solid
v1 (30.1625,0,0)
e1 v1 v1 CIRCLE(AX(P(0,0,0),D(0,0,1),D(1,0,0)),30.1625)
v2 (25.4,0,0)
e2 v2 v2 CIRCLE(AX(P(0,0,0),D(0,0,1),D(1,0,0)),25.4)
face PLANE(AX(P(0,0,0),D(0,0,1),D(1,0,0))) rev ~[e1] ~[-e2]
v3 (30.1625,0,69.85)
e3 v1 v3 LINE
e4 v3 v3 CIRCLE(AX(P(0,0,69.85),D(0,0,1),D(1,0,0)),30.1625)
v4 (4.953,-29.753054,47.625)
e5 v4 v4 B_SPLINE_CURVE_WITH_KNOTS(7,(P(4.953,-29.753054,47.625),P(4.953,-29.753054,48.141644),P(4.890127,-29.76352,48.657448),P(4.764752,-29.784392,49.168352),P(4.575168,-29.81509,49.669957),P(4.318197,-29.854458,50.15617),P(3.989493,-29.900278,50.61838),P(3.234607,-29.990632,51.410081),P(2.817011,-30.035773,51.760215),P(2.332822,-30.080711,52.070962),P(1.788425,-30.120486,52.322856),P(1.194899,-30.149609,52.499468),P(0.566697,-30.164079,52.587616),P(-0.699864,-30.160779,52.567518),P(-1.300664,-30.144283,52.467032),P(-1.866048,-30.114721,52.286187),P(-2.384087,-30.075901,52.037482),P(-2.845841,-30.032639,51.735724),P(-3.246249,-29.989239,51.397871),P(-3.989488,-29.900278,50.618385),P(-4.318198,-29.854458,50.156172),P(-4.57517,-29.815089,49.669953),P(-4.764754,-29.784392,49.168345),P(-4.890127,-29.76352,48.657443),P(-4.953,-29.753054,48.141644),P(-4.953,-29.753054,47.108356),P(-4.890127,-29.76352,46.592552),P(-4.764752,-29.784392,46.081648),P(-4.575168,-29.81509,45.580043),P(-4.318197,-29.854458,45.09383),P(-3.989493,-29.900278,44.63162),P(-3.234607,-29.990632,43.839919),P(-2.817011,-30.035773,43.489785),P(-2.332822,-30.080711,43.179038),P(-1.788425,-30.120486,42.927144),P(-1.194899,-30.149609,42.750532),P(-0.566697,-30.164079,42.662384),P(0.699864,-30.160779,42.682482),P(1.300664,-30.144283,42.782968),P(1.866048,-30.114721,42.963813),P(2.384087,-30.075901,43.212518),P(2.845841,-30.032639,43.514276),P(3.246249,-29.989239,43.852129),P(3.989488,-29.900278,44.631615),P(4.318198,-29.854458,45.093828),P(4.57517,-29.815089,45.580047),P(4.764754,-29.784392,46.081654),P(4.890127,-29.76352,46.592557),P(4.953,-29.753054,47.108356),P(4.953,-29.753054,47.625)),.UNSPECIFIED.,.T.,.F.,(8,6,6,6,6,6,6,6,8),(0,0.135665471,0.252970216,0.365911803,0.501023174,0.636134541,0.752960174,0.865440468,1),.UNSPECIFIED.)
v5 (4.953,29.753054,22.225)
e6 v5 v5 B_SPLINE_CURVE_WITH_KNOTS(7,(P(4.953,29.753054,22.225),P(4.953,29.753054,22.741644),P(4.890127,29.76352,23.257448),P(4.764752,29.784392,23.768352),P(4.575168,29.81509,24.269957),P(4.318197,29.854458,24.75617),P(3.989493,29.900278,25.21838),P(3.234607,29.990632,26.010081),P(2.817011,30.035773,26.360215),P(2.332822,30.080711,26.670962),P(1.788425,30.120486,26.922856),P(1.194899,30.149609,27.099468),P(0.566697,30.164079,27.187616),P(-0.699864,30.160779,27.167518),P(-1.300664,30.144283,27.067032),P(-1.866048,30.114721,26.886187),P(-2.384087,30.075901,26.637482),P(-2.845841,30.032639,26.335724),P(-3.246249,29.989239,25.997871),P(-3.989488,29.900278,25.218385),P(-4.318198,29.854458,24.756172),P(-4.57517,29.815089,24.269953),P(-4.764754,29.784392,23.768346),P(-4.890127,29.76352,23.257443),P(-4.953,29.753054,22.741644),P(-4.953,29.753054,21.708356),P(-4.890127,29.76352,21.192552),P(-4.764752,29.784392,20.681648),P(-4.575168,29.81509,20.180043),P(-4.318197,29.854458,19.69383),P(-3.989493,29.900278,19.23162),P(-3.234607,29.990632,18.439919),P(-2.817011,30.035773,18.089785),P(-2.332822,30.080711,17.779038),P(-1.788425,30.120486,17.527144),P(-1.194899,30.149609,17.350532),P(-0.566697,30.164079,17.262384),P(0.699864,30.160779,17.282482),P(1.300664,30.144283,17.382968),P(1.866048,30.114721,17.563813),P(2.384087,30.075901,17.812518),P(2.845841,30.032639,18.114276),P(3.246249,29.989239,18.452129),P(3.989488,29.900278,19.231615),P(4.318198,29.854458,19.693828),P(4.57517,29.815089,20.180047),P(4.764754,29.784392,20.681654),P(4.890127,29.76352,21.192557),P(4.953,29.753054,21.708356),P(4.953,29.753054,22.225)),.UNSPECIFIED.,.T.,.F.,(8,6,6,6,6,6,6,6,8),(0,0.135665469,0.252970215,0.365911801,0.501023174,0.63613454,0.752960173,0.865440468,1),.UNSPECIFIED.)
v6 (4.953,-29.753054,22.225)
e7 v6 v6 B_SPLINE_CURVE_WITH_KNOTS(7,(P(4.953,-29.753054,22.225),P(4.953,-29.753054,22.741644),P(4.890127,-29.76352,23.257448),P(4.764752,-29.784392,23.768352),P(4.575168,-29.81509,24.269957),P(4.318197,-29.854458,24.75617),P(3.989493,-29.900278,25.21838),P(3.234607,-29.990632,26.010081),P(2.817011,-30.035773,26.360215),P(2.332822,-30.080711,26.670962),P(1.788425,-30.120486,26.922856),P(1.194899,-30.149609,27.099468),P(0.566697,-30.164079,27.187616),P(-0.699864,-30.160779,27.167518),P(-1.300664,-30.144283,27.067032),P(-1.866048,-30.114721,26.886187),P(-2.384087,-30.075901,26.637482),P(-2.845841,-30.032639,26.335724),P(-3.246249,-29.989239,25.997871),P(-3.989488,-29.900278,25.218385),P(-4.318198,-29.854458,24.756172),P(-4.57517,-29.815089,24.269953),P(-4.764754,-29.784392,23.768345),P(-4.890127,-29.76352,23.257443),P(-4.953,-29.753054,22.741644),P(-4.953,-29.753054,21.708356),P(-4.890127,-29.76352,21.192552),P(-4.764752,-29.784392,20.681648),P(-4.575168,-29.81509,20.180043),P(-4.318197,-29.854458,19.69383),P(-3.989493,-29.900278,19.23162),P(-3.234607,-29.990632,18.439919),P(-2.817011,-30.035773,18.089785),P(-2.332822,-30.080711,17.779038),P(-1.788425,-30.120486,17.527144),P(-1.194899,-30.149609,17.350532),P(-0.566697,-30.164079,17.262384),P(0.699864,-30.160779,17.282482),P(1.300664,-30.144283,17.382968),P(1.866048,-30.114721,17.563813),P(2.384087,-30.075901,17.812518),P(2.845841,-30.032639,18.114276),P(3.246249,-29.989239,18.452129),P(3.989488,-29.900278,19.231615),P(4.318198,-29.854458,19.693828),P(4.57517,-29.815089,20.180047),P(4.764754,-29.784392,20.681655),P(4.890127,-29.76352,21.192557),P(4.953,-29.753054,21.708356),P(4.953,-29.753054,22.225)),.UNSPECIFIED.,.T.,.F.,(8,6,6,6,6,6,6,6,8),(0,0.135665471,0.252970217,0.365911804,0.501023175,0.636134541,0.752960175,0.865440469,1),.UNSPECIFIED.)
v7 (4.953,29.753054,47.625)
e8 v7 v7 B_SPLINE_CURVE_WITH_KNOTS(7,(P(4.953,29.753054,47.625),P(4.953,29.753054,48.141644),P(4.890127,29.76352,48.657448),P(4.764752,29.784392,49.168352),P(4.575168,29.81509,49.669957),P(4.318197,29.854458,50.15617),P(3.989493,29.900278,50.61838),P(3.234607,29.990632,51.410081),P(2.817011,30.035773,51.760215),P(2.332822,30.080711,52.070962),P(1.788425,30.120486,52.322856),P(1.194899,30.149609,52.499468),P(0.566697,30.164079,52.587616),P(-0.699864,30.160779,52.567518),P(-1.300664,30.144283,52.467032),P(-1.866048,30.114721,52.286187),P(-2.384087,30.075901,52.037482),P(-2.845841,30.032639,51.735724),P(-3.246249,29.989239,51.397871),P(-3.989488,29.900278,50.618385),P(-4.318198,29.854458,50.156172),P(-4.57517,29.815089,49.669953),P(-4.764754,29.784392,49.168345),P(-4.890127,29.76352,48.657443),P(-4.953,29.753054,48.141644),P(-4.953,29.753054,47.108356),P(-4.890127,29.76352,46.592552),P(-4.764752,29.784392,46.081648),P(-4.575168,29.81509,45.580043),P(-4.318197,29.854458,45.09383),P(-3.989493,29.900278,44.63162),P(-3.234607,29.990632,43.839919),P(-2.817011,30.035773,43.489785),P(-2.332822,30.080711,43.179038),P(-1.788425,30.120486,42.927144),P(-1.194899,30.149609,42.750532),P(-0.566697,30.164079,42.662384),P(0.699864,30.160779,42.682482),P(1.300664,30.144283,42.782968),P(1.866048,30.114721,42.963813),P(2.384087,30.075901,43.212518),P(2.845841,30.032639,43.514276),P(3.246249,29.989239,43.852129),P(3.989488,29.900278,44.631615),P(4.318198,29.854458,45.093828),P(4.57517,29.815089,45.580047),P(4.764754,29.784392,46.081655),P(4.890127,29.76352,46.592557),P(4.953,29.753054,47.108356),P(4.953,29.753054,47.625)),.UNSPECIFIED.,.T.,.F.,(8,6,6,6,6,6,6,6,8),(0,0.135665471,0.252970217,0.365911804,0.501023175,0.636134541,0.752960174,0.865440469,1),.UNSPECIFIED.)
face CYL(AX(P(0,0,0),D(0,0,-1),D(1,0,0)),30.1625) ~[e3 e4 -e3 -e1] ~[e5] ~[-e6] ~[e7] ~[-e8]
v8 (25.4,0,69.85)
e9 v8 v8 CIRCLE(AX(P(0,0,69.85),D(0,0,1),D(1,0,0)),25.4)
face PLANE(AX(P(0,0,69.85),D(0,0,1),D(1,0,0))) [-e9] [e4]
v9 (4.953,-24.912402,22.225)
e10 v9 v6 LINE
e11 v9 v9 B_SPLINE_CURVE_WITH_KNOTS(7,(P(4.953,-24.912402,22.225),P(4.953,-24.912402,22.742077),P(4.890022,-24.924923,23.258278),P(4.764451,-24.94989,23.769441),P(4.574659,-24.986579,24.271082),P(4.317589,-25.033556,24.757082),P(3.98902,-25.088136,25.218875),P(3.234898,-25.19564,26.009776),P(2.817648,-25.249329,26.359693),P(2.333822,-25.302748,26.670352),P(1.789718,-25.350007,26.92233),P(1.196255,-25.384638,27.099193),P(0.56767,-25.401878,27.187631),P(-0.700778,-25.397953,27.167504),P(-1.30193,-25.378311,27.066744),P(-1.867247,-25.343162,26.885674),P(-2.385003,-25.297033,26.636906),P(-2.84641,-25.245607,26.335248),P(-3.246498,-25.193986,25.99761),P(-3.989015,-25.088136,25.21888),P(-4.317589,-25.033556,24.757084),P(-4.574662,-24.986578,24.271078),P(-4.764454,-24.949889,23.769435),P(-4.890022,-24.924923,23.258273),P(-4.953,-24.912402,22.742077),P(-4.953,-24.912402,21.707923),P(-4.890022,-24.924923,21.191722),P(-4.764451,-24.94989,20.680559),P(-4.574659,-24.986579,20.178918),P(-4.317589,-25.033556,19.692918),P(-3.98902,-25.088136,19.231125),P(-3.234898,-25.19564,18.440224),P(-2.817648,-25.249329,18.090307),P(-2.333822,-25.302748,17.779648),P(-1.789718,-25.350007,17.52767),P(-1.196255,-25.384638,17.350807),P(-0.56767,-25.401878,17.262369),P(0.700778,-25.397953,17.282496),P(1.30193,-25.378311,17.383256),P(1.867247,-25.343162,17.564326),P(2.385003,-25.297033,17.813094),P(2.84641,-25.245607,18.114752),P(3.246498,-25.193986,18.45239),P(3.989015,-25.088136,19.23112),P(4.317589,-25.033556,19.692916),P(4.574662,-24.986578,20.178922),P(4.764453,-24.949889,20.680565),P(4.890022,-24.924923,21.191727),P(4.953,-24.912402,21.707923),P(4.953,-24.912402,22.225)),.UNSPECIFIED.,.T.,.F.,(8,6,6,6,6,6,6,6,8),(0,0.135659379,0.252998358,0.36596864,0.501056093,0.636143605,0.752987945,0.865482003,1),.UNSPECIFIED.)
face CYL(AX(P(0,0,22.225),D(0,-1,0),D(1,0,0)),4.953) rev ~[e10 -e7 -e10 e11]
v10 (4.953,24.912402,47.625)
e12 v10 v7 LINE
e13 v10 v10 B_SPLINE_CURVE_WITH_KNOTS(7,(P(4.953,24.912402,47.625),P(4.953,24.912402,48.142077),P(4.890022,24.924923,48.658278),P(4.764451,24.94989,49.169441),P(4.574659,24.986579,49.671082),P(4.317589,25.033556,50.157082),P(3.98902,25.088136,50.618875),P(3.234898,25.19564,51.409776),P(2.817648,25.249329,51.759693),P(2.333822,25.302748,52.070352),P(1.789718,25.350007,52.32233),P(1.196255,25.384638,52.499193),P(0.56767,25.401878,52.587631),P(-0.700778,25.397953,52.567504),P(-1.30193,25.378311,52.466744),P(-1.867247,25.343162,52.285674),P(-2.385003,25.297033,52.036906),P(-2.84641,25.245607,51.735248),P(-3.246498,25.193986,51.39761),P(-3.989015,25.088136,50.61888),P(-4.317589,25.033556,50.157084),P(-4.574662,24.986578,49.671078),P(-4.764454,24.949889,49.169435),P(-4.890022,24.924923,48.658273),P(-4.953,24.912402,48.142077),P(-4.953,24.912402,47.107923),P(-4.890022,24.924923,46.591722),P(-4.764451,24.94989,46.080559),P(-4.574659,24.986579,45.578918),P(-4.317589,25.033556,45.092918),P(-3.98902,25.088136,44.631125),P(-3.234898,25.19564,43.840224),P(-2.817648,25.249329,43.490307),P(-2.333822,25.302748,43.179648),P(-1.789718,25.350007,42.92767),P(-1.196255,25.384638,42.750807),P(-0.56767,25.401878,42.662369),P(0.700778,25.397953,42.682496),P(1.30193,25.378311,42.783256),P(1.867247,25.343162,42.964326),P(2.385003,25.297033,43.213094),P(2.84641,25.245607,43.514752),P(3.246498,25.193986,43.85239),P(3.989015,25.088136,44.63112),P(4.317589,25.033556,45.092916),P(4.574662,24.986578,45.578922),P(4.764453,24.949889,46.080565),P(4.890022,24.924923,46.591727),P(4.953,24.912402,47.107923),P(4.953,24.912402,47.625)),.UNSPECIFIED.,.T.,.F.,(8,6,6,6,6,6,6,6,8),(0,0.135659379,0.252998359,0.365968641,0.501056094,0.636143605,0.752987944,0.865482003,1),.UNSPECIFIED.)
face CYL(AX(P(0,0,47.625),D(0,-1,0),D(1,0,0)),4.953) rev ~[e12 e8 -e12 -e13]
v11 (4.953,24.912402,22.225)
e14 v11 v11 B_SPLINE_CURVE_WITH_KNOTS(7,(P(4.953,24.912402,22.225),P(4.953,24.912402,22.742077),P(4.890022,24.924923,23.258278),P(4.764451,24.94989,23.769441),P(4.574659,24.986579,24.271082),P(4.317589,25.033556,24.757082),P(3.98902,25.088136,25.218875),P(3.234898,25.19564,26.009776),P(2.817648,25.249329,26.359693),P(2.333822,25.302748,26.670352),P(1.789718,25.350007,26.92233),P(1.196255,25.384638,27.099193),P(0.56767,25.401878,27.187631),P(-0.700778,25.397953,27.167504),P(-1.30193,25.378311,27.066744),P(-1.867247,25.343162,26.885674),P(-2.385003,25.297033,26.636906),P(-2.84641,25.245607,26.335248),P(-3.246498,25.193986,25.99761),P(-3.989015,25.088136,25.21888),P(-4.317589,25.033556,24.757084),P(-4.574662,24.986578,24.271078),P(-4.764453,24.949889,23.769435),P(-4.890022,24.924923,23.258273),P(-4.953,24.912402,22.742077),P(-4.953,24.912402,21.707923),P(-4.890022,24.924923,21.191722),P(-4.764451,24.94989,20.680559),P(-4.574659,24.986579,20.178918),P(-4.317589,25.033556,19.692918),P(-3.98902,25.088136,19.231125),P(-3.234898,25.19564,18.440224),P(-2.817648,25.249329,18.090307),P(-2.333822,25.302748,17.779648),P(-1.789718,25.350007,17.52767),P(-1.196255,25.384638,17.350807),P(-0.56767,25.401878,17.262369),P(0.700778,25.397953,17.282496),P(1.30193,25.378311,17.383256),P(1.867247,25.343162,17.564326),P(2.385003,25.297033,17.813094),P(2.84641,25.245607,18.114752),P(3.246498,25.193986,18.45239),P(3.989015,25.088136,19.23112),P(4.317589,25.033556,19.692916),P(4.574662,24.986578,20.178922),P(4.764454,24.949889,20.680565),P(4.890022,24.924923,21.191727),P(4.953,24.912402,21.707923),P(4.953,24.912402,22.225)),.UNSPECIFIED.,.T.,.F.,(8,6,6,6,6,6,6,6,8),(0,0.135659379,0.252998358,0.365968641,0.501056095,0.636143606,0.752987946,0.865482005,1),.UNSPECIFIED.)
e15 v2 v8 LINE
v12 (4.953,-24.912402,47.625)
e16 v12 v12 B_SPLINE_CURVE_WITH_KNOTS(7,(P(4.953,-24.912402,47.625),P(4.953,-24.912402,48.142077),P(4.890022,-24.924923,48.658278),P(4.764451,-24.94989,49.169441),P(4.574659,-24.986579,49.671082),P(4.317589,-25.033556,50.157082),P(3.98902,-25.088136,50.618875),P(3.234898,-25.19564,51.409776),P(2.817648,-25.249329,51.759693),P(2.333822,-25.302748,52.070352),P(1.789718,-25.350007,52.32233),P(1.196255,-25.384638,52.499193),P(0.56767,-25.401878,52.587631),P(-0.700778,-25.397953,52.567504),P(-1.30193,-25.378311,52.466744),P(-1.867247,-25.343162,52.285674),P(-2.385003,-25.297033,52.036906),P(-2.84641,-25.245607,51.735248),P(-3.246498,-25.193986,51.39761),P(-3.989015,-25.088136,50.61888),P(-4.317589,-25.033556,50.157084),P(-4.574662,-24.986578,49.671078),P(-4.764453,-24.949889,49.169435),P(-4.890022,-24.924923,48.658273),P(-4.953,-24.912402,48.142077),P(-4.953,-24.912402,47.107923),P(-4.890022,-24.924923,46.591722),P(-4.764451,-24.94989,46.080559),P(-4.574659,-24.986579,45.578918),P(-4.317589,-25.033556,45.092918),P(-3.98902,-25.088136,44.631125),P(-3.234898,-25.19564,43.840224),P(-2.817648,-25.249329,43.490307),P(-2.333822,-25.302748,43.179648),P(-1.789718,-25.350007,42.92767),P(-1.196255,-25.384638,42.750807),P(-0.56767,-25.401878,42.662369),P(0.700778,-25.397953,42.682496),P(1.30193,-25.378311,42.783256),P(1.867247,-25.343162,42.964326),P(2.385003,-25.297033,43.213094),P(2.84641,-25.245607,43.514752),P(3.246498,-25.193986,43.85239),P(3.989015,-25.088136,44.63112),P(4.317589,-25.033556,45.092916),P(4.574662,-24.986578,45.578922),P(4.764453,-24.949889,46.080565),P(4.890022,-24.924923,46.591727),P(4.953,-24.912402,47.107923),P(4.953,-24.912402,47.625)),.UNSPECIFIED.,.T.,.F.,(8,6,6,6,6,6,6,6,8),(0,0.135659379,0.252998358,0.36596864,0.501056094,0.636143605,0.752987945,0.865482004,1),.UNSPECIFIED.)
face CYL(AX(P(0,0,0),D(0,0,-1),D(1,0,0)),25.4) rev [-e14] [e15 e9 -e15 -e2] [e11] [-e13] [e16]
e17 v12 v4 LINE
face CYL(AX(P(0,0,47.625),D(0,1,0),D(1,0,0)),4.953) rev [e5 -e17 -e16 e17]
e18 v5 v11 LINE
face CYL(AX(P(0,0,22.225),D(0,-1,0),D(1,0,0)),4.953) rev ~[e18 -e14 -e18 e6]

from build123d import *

# Parameters (mm, degrees)
F0_R     = 30.1625
F0_R_2   = 25.4
F1_DEPTH = 69.85
F2_R     = 4.953
F3_DEPTH = 31.75


with BuildPart() as f1:
    # F0 (on Top) → F1 (new body)
    with BuildSketch(Plane.XY):
        Circle(F0_R)
        Circle(F0_R_2, mode=Mode.SUBTRACT)
    extrude(amount=F1_DEPTH)

    # F2 (on Front) → F3 (cut, symmetric)
    with BuildSketch(Plane.XZ):
        with Locations((0, 47.625)):
            Circle(F2_R)
        with Locations((0, 22.225)):
            Circle(F2_R)
    extrude(amount=F3_DEPTH, both=True, mode=Mode.SUBTRACT)


solid = f1.part
